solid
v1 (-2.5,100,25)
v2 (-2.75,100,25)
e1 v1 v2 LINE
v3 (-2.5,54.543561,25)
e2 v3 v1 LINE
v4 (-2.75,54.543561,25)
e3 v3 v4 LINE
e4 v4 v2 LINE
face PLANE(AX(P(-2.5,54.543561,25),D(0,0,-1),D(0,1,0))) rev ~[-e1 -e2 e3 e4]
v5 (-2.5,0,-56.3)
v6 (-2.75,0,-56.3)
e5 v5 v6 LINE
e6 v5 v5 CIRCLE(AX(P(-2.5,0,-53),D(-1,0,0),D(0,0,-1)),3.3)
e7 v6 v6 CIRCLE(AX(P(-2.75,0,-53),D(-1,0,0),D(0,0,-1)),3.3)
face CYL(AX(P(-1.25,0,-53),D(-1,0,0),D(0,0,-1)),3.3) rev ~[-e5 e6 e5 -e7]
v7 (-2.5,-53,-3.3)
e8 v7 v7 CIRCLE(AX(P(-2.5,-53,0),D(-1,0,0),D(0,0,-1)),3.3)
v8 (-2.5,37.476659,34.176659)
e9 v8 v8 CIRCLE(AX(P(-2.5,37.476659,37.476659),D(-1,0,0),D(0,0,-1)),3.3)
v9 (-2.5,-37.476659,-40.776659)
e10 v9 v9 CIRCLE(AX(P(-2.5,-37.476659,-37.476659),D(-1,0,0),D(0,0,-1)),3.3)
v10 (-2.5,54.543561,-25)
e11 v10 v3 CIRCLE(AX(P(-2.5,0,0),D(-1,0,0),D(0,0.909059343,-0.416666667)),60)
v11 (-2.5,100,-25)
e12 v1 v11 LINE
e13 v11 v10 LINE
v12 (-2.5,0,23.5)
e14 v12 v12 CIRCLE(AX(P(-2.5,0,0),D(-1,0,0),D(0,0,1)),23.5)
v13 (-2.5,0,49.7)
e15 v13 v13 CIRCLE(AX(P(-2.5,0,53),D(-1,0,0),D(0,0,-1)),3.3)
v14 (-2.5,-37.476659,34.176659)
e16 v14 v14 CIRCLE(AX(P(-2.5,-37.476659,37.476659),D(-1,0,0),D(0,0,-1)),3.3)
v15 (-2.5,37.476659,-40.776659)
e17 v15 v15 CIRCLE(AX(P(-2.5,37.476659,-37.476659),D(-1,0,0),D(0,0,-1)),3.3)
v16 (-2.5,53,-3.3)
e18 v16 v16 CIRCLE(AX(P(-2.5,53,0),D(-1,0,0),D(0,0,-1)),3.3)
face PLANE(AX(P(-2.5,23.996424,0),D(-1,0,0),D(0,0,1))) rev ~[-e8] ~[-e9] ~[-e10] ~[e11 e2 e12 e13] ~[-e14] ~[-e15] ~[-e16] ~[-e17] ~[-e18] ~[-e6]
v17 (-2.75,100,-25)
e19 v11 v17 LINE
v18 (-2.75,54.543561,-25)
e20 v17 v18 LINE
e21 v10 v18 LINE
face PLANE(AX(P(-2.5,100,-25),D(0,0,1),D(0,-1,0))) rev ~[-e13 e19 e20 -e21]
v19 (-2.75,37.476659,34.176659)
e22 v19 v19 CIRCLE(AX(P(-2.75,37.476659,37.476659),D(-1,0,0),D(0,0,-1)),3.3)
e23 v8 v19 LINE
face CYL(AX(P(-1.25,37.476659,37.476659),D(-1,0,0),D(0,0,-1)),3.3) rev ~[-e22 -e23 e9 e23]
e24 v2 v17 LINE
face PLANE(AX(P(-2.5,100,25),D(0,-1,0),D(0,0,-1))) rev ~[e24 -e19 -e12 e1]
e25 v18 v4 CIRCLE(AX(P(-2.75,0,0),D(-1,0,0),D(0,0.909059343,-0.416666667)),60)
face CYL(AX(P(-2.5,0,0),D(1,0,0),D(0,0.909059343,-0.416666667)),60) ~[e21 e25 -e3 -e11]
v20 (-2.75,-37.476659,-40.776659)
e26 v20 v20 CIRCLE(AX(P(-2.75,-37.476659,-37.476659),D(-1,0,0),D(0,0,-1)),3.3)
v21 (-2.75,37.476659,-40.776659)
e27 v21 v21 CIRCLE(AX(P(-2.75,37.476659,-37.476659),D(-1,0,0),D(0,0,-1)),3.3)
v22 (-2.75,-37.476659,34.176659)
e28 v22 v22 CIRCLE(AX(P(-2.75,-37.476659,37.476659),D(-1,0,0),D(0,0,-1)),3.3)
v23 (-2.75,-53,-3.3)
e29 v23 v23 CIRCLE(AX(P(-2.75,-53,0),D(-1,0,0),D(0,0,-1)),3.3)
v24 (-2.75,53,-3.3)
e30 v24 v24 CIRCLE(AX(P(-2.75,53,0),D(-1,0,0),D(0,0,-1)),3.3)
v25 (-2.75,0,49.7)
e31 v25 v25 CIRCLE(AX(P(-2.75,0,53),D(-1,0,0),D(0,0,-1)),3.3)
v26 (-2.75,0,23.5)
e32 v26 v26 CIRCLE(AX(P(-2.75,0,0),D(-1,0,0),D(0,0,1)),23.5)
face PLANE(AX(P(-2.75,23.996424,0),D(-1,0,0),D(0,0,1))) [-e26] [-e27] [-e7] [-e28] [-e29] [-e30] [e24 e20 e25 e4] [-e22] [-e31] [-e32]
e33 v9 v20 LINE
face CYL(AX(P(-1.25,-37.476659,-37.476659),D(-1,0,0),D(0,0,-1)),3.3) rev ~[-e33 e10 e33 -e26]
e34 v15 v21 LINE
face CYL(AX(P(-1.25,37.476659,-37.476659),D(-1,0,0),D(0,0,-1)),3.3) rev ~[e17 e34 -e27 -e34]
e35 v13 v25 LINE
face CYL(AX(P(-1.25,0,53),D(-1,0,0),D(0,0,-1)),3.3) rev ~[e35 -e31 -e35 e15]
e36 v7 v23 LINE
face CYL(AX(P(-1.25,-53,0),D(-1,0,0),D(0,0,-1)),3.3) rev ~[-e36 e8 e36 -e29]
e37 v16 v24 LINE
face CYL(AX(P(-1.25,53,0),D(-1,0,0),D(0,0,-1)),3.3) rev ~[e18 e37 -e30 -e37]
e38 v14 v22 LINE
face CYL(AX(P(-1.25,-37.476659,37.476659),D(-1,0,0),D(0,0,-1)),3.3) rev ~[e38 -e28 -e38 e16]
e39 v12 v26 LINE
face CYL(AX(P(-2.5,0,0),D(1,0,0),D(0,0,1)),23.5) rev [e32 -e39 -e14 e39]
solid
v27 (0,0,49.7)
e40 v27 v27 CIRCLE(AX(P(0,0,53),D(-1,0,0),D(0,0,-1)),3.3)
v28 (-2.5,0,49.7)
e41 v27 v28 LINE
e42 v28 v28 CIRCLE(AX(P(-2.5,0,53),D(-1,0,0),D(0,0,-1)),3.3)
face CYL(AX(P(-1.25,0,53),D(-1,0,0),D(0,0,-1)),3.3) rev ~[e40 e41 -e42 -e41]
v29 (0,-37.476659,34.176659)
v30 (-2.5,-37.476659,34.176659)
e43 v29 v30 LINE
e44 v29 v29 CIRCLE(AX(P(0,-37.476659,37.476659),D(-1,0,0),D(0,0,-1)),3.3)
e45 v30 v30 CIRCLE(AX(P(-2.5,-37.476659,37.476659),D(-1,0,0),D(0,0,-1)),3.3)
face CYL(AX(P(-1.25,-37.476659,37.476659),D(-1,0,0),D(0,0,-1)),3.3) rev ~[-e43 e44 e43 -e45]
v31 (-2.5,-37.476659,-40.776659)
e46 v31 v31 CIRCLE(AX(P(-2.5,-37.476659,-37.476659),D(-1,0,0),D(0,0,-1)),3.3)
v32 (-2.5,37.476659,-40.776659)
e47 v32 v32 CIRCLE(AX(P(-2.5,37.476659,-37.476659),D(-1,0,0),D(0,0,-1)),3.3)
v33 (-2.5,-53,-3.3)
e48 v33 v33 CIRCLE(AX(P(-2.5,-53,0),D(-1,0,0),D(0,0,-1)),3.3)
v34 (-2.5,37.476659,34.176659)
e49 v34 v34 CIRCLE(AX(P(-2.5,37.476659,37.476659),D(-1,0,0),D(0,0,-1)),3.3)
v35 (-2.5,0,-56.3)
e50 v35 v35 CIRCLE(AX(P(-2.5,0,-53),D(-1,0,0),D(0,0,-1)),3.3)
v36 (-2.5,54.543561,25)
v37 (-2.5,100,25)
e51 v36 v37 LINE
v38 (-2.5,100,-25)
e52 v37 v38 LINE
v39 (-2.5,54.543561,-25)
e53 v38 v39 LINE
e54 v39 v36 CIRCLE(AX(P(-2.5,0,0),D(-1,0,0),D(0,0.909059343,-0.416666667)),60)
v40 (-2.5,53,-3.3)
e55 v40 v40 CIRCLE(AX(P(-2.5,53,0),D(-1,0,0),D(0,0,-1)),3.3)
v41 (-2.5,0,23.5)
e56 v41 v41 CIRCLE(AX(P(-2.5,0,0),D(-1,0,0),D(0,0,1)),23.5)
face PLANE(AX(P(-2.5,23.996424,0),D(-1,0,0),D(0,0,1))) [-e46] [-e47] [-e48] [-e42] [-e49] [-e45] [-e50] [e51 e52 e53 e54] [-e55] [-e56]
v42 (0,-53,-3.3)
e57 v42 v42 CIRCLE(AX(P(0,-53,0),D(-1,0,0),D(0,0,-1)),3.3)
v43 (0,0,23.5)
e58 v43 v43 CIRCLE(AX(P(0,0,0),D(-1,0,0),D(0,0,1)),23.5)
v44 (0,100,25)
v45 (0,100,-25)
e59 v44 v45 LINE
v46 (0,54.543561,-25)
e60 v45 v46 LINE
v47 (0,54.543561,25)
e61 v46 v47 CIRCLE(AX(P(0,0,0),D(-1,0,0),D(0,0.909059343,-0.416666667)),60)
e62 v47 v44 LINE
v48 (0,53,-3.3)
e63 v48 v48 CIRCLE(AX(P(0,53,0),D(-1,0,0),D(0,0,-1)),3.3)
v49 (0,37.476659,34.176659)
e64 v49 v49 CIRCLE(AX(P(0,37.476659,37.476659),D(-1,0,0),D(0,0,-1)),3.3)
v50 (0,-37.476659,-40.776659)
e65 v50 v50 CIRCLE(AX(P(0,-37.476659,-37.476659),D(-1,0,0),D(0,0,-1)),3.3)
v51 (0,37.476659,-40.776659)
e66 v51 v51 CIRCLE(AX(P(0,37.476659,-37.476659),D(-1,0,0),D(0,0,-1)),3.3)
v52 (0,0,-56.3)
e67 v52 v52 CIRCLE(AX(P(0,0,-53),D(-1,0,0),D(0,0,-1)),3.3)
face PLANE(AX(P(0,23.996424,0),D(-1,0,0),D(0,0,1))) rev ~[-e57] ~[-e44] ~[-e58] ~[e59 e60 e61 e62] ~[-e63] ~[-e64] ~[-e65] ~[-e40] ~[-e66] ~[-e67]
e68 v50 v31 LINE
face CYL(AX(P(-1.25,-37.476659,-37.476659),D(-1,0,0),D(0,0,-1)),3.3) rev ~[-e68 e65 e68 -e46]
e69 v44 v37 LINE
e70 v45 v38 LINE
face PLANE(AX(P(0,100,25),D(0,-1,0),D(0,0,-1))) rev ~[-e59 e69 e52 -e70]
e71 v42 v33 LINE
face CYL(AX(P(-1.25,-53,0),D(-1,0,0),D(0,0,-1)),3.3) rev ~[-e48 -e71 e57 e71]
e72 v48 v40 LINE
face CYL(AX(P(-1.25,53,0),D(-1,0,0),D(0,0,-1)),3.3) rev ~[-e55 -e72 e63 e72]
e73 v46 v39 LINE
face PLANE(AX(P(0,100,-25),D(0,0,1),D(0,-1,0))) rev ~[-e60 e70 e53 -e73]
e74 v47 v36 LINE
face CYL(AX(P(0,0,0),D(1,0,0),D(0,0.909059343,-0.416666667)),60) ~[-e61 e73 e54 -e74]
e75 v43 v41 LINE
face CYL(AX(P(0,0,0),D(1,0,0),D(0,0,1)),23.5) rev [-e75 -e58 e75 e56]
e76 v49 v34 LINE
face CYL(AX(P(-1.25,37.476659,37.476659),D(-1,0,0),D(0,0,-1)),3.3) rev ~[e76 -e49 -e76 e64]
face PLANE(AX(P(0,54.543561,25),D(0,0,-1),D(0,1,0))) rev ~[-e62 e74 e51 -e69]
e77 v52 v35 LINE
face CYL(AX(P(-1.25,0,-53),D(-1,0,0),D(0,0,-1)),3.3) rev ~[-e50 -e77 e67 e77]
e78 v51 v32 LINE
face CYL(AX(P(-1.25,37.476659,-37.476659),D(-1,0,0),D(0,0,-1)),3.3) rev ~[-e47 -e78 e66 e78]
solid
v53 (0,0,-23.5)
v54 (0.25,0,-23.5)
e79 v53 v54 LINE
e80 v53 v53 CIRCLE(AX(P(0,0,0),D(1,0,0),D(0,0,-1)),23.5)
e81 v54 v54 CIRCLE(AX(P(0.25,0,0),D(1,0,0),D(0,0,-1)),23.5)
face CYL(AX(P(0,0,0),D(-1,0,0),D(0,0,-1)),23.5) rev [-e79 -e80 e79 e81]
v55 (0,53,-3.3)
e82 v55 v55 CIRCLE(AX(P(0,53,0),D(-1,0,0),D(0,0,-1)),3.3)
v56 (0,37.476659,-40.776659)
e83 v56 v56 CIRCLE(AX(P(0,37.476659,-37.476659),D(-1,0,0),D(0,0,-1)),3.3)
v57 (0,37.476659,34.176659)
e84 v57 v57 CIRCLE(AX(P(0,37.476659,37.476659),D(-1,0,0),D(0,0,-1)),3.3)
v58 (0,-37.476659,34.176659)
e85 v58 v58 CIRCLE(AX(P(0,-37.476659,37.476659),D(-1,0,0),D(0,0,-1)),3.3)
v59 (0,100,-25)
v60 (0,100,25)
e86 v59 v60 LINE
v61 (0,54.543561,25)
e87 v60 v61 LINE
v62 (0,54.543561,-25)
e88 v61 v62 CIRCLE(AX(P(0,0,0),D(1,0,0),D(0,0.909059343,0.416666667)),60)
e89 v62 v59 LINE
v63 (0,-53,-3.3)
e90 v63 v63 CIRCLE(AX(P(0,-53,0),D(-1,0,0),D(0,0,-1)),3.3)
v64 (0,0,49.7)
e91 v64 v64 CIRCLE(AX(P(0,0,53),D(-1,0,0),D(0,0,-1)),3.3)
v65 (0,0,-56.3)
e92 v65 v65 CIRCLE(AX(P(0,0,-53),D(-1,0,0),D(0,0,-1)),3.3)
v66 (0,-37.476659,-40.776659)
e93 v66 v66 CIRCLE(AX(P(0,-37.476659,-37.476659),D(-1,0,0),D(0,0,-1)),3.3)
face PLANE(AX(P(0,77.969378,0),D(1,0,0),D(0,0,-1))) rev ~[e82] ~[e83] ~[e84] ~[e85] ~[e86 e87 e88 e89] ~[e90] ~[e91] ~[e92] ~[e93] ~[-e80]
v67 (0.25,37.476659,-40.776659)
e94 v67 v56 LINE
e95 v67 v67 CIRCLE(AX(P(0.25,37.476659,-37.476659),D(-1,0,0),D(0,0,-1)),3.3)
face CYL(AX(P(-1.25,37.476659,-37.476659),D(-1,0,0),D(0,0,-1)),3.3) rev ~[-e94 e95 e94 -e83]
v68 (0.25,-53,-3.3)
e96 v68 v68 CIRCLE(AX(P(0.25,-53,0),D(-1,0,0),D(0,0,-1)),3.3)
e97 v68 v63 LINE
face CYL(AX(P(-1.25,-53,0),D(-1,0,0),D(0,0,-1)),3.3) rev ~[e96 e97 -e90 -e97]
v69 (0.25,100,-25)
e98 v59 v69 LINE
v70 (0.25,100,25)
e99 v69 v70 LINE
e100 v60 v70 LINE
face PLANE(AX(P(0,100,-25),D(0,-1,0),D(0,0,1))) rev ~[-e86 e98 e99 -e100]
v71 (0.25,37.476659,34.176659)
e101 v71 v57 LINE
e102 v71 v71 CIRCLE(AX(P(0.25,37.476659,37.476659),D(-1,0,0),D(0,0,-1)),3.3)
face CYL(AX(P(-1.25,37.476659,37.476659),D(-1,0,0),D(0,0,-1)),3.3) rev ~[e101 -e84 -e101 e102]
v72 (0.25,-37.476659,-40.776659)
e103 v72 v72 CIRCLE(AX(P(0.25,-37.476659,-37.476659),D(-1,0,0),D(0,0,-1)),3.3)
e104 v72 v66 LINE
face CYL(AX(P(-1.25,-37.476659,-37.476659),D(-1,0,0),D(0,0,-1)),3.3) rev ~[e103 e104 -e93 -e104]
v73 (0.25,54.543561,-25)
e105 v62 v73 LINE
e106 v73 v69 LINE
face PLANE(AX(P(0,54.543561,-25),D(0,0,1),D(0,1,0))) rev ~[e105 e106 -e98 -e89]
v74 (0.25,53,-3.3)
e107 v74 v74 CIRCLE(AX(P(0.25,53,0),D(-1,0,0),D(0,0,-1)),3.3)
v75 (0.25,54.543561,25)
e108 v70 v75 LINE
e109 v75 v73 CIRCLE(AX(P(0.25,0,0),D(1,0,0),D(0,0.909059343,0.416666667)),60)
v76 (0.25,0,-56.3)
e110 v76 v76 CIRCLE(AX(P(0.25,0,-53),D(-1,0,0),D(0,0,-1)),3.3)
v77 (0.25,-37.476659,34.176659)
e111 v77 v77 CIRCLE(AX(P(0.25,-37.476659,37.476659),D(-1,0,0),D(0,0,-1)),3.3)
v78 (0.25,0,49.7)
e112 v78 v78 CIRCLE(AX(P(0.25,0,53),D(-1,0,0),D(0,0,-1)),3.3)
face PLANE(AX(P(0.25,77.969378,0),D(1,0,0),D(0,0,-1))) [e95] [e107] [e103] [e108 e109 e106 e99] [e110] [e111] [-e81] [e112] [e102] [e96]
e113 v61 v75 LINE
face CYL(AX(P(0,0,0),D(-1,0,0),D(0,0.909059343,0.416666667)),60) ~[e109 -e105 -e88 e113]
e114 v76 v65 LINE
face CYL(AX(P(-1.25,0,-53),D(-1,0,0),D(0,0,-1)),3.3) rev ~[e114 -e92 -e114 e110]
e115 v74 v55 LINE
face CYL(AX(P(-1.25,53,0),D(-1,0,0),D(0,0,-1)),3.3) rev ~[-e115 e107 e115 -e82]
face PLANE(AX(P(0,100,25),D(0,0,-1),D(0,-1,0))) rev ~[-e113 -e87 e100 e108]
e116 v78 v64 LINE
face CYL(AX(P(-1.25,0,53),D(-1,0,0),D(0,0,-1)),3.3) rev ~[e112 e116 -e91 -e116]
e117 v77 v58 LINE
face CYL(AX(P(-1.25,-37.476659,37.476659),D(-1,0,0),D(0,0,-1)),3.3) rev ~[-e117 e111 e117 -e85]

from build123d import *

# Parameters (mm, degrees)
SKETCH1_R                     = 60
SKETCH1_R_2                   = 23.5
BOSS_EXTRUDE1_DEPTH           = 0.25
SKETCH4_R                     = 23.5
BOSS_EXTRUDE4_DEPTH           = 2.5
SKETCH5_R                     = 23.5
BOSS_EXTRUDE5_DEPTH           = 0.25
SKETCH10_W                    = 3.3
SKETCH10_H                    = 3
M6_CLEARANCE_HOLE1_AT_2_COUNT = 2
M6_CLEARANCE_HOLE1_AT_2_PITCH = 40.564443831
M6_CLEARANCE_HOLE1_AT_3_COUNT = 2
M6_CLEARANCE_HOLE1_AT_3_PITCH = 74.953318806
M6_CLEARANCE_HOLE1_AT_4_COUNT = 2
M6_CLEARANCE_HOLE1_AT_4_PITCH = 97.931230446
M6_CLEARANCE_HOLE1_AT_5_COUNT = 2
M6_CLEARANCE_HOLE1_AT_5_PITCH = 106
M6_CLEARANCE_HOLE1_AT_6_COUNT = 2
M6_CLEARANCE_HOLE1_AT_6_PITCH = 97.931230446
M6_CLEARANCE_HOLE1_AT_7_COUNT = 2
M6_CLEARANCE_HOLE1_AT_7_PITCH = 74.953318806
M6_CLEARANCE_HOLE1_AT_8_COUNT = 2
M6_CLEARANCE_HOLE1_AT_8_PITCH = 40.564443831


with BuildPart() as part:
    # Sketch1 → Boss-Extrude1 (new body)
    with BuildSketch(Plane(origin=(0, 0, 0), x_dir=(0, 0, -1), z_dir=(1, 0, 0))):
        with BuildLine():
            Line((25, 100), (-25, 100))
            Line((-25, 100), (-25, 54.543560573))
            ThreePointArc((-25, 54.543560573), (0, 60), (25, 54.543560573))
            Line((25, 54.543560573), (25, 100))
        make_face()
        Circle(SKETCH1_R)
        Circle(SKETCH1_R_2, mode=Mode.SUBTRACT)
    extrude(amount=BOSS_EXTRUDE1_DEPTH)


with BuildPart() as body_2:
    # Sketch4 → Boss-Extrude4 (new body)
    with BuildSketch(Plane.ZY):
        with BuildLine():
            Line((25, 54.543560573), (25, 100))
            Line((25, 100), (-25, 100))
            Line((-25, 100), (-25, 54.543560573))
            ThreePointArc((-25, 54.543560573), (0, -60), (25, 54.543560573))
        make_face()
        Circle(SKETCH4_R, mode=Mode.SUBTRACT)
    extrude(amount=BOSS_EXTRUDE4_DEPTH)


with BuildPart() as body_3:
    # Sketch5 → Boss-Extrude5 (new body)
    with BuildSketch(Plane.ZY.offset(2.5)):
        with BuildLine():
            Line((25, 54.543560573), (25, 100))
            Line((25, 100), (-25, 100))
            Line((-25, 100), (-25, 54.543560573))
            ThreePointArc((-25, 54.543560573), (0, -60), (25, 54.543560573))
        make_face()
        Circle(SKETCH5_R, mode=Mode.SUBTRACT)
    extrude(amount=BOSS_EXTRUDE5_DEPTH)


with BuildPart() as m6_clearance_hole1_tool:
    # Sketch10 → M6 Clearance Hole1 (revolve)
    with BuildSketch(Plane(origin=(0.25, 37.476659403, -37.476659403), x_dir=(0, 0, -1), z_dir=(0, 1, 0))):
        with Locations((1.65, 1.5)):
            Rectangle(SKETCH10_W, SKETCH10_H)
    m6_clearance_hole1 = revolve(axis=Axis((6.6, 37.476659403, -37.476659403), (-1, 0, 0)))


with BuildPart() as part_1:
    add(part.part)

    # M6 Clearance Hole1: cut by m6_clearance_hole1_tool
    add(m6_clearance_hole1_tool.part, mode=Mode.SUBTRACT)


with BuildPart() as body_2_1:
    add(body_2.part)

    # M6 Clearance Hole1: cut by m6_clearance_hole1_tool
    add(m6_clearance_hole1_tool.part, mode=Mode.SUBTRACT)


with BuildPart() as body_3_1:
    add(body_3.part)

    # M6 Clearance Hole1: cut by m6_clearance_hole1_tool
    add(m6_clearance_hole1_tool.part, mode=Mode.SUBTRACT)


with BuildPart() as m6_clearance_hole1_at_2_tool:
    # M6 Clearance Hole1 at 2: M6 Clearance Hole1 ×2
    with Locations(*[Vector(0, -0.923879533, -0.382683432) * (i * M6_CLEARANCE_HOLE1_AT_2_PITCH) for i in range(1, M6_CLEARANCE_HOLE1_AT_2_COUNT)]):
        add(m6_clearance_hole1)


with BuildPart() as part_2:
    add(part_1.part)

    # M6 Clearance Hole1 at 2: cut by m6_clearance_hole1_at_2_tool
    add(m6_clearance_hole1_at_2_tool.part, mode=Mode.SUBTRACT)


with BuildPart() as body_2_2:
    add(body_2_1.part)

    # M6 Clearance Hole1 at 2: cut by m6_clearance_hole1_at_2_tool
    add(m6_clearance_hole1_at_2_tool.part, mode=Mode.SUBTRACT)


with BuildPart() as body_3_2:
    add(body_3_1.part)

    # M6 Clearance Hole1 at 2: cut by m6_clearance_hole1_at_2_tool
    add(m6_clearance_hole1_at_2_tool.part, mode=Mode.SUBTRACT)


with BuildPart() as m6_clearance_hole1_at_3_tool:
    # M6 Clearance Hole1 at 3: M6 Clearance Hole1 ×2
    with Locations(*[(0, -i * M6_CLEARANCE_HOLE1_AT_3_PITCH, 0) for i in range(1, M6_CLEARANCE_HOLE1_AT_3_COUNT)]):
        add(m6_clearance_hole1)


with BuildPart() as part_3:
    add(part_2.part)

    # M6 Clearance Hole1 at 3: cut by m6_clearance_hole1_at_3_tool
    add(m6_clearance_hole1_at_3_tool.part, mode=Mode.SUBTRACT)


with BuildPart() as body_2_3:
    add(body_2_2.part)

    # M6 Clearance Hole1 at 3: cut by m6_clearance_hole1_at_3_tool
    add(m6_clearance_hole1_at_3_tool.part, mode=Mode.SUBTRACT)


with BuildPart() as body_3_3:
    add(body_3_2.part)

    # M6 Clearance Hole1 at 3: cut by m6_clearance_hole1_at_3_tool
    add(m6_clearance_hole1_at_3_tool.part, mode=Mode.SUBTRACT)


with BuildPart() as m6_clearance_hole1_at_4_tool:
    # M6 Clearance Hole1 at 4: M6 Clearance Hole1 ×2
    with Locations(*[Vector(0, -0.923879533, 0.382683432) * (i * M6_CLEARANCE_HOLE1_AT_4_PITCH) for i in range(1, M6_CLEARANCE_HOLE1_AT_4_COUNT)]):
        add(m6_clearance_hole1)


with BuildPart() as part_4:
    add(part_3.part)

    # M6 Clearance Hole1 at 4: cut by m6_clearance_hole1_at_4_tool
    add(m6_clearance_hole1_at_4_tool.part, mode=Mode.SUBTRACT)


with BuildPart() as body_2_4:
    add(body_2_3.part)

    # M6 Clearance Hole1 at 4: cut by m6_clearance_hole1_at_4_tool
    add(m6_clearance_hole1_at_4_tool.part, mode=Mode.SUBTRACT)


with BuildPart() as body_3_4:
    add(body_3_3.part)

    # M6 Clearance Hole1 at 4: cut by m6_clearance_hole1_at_4_tool
    add(m6_clearance_hole1_at_4_tool.part, mode=Mode.SUBTRACT)


with BuildPart() as m6_clearance_hole1_at_5_tool:
    # M6 Clearance Hole1 at 5: M6 Clearance Hole1 ×2
    with Locations(*[Vector(0, -0.707106781, 0.707106781) * (i * M6_CLEARANCE_HOLE1_AT_5_PITCH) for i in range(1, M6_CLEARANCE_HOLE1_AT_5_COUNT)]):
        add(m6_clearance_hole1)


with BuildPart() as part_5:
    add(part_4.part)

    # M6 Clearance Hole1 at 5: cut by m6_clearance_hole1_at_5_tool
    add(m6_clearance_hole1_at_5_tool.part, mode=Mode.SUBTRACT)


with BuildPart() as body_2_5:
    add(body_2_4.part)

    # M6 Clearance Hole1 at 5: cut by m6_clearance_hole1_at_5_tool
    add(m6_clearance_hole1_at_5_tool.part, mode=Mode.SUBTRACT)


with BuildPart() as body_3_5:
    add(body_3_4.part)

    # M6 Clearance Hole1 at 5: cut by m6_clearance_hole1_at_5_tool
    add(m6_clearance_hole1_at_5_tool.part, mode=Mode.SUBTRACT)


with BuildPart() as m6_clearance_hole1_at_6_tool:
    # M6 Clearance Hole1 at 6: M6 Clearance Hole1 ×2
    with Locations(*[Vector(0, -0.382683432, 0.923879533) * (i * M6_CLEARANCE_HOLE1_AT_6_PITCH) for i in range(1, M6_CLEARANCE_HOLE1_AT_6_COUNT)]):
        add(m6_clearance_hole1)


with BuildPart() as part_6:
    add(part_5.part)

    # M6 Clearance Hole1 at 6: cut by m6_clearance_hole1_at_6_tool
    add(m6_clearance_hole1_at_6_tool.part, mode=Mode.SUBTRACT)


with BuildPart() as body_2_6:
    add(body_2_5.part)

    # M6 Clearance Hole1 at 6: cut by m6_clearance_hole1_at_6_tool
    add(m6_clearance_hole1_at_6_tool.part, mode=Mode.SUBTRACT)


with BuildPart() as body_3_6:
    add(body_3_5.part)

    # M6 Clearance Hole1 at 6: cut by m6_clearance_hole1_at_6_tool
    add(m6_clearance_hole1_at_6_tool.part, mode=Mode.SUBTRACT)


with BuildPart() as m6_clearance_hole1_at_7_tool:
    # M6 Clearance Hole1 at 7: M6 Clearance Hole1 ×2
    with Locations(*[(0, 0, i * M6_CLEARANCE_HOLE1_AT_7_PITCH) for i in range(1, M6_CLEARANCE_HOLE1_AT_7_COUNT)]):
        add(m6_clearance_hole1)


with BuildPart() as part_7:
    add(part_6.part)

    # M6 Clearance Hole1 at 7: cut by m6_clearance_hole1_at_7_tool
    add(m6_clearance_hole1_at_7_tool.part, mode=Mode.SUBTRACT)


with BuildPart() as body_2_7:
    add(body_2_6.part)

    # M6 Clearance Hole1 at 7: cut by m6_clearance_hole1_at_7_tool
    add(m6_clearance_hole1_at_7_tool.part, mode=Mode.SUBTRACT)


with BuildPart() as body_3_7:
    add(body_3_6.part)

    # M6 Clearance Hole1 at 7: cut by m6_clearance_hole1_at_7_tool
    add(m6_clearance_hole1_at_7_tool.part, mode=Mode.SUBTRACT)


with BuildPart() as m6_clearance_hole1_at_8_tool:
    # M6 Clearance Hole1 at 8: M6 Clearance Hole1 ×2
    with Locations(*[Vector(0, 0.382683432, 0.923879533) * (i * M6_CLEARANCE_HOLE1_AT_8_PITCH) for i in range(1, M6_CLEARANCE_HOLE1_AT_8_COUNT)]):
        add(m6_clearance_hole1)


with BuildPart() as part_8:
    add(part_7.part)

    # M6 Clearance Hole1 at 8: cut by m6_clearance_hole1_at_8_tool
    add(m6_clearance_hole1_at_8_tool.part, mode=Mode.SUBTRACT)


with BuildPart() as body_2_8:
    add(body_2_7.part)

    # M6 Clearance Hole1 at 8: cut by m6_clearance_hole1_at_8_tool
    add(m6_clearance_hole1_at_8_tool.part, mode=Mode.SUBTRACT)


with BuildPart() as body_3_8:
    add(body_3_7.part)

    # M6 Clearance Hole1 at 8: cut by m6_clearance_hole1_at_8_tool
    add(m6_clearance_hole1_at_8_tool.part, mode=Mode.SUBTRACT)


solid = Compound([part_8.part, body_2_8.part, body_3_8.part])
